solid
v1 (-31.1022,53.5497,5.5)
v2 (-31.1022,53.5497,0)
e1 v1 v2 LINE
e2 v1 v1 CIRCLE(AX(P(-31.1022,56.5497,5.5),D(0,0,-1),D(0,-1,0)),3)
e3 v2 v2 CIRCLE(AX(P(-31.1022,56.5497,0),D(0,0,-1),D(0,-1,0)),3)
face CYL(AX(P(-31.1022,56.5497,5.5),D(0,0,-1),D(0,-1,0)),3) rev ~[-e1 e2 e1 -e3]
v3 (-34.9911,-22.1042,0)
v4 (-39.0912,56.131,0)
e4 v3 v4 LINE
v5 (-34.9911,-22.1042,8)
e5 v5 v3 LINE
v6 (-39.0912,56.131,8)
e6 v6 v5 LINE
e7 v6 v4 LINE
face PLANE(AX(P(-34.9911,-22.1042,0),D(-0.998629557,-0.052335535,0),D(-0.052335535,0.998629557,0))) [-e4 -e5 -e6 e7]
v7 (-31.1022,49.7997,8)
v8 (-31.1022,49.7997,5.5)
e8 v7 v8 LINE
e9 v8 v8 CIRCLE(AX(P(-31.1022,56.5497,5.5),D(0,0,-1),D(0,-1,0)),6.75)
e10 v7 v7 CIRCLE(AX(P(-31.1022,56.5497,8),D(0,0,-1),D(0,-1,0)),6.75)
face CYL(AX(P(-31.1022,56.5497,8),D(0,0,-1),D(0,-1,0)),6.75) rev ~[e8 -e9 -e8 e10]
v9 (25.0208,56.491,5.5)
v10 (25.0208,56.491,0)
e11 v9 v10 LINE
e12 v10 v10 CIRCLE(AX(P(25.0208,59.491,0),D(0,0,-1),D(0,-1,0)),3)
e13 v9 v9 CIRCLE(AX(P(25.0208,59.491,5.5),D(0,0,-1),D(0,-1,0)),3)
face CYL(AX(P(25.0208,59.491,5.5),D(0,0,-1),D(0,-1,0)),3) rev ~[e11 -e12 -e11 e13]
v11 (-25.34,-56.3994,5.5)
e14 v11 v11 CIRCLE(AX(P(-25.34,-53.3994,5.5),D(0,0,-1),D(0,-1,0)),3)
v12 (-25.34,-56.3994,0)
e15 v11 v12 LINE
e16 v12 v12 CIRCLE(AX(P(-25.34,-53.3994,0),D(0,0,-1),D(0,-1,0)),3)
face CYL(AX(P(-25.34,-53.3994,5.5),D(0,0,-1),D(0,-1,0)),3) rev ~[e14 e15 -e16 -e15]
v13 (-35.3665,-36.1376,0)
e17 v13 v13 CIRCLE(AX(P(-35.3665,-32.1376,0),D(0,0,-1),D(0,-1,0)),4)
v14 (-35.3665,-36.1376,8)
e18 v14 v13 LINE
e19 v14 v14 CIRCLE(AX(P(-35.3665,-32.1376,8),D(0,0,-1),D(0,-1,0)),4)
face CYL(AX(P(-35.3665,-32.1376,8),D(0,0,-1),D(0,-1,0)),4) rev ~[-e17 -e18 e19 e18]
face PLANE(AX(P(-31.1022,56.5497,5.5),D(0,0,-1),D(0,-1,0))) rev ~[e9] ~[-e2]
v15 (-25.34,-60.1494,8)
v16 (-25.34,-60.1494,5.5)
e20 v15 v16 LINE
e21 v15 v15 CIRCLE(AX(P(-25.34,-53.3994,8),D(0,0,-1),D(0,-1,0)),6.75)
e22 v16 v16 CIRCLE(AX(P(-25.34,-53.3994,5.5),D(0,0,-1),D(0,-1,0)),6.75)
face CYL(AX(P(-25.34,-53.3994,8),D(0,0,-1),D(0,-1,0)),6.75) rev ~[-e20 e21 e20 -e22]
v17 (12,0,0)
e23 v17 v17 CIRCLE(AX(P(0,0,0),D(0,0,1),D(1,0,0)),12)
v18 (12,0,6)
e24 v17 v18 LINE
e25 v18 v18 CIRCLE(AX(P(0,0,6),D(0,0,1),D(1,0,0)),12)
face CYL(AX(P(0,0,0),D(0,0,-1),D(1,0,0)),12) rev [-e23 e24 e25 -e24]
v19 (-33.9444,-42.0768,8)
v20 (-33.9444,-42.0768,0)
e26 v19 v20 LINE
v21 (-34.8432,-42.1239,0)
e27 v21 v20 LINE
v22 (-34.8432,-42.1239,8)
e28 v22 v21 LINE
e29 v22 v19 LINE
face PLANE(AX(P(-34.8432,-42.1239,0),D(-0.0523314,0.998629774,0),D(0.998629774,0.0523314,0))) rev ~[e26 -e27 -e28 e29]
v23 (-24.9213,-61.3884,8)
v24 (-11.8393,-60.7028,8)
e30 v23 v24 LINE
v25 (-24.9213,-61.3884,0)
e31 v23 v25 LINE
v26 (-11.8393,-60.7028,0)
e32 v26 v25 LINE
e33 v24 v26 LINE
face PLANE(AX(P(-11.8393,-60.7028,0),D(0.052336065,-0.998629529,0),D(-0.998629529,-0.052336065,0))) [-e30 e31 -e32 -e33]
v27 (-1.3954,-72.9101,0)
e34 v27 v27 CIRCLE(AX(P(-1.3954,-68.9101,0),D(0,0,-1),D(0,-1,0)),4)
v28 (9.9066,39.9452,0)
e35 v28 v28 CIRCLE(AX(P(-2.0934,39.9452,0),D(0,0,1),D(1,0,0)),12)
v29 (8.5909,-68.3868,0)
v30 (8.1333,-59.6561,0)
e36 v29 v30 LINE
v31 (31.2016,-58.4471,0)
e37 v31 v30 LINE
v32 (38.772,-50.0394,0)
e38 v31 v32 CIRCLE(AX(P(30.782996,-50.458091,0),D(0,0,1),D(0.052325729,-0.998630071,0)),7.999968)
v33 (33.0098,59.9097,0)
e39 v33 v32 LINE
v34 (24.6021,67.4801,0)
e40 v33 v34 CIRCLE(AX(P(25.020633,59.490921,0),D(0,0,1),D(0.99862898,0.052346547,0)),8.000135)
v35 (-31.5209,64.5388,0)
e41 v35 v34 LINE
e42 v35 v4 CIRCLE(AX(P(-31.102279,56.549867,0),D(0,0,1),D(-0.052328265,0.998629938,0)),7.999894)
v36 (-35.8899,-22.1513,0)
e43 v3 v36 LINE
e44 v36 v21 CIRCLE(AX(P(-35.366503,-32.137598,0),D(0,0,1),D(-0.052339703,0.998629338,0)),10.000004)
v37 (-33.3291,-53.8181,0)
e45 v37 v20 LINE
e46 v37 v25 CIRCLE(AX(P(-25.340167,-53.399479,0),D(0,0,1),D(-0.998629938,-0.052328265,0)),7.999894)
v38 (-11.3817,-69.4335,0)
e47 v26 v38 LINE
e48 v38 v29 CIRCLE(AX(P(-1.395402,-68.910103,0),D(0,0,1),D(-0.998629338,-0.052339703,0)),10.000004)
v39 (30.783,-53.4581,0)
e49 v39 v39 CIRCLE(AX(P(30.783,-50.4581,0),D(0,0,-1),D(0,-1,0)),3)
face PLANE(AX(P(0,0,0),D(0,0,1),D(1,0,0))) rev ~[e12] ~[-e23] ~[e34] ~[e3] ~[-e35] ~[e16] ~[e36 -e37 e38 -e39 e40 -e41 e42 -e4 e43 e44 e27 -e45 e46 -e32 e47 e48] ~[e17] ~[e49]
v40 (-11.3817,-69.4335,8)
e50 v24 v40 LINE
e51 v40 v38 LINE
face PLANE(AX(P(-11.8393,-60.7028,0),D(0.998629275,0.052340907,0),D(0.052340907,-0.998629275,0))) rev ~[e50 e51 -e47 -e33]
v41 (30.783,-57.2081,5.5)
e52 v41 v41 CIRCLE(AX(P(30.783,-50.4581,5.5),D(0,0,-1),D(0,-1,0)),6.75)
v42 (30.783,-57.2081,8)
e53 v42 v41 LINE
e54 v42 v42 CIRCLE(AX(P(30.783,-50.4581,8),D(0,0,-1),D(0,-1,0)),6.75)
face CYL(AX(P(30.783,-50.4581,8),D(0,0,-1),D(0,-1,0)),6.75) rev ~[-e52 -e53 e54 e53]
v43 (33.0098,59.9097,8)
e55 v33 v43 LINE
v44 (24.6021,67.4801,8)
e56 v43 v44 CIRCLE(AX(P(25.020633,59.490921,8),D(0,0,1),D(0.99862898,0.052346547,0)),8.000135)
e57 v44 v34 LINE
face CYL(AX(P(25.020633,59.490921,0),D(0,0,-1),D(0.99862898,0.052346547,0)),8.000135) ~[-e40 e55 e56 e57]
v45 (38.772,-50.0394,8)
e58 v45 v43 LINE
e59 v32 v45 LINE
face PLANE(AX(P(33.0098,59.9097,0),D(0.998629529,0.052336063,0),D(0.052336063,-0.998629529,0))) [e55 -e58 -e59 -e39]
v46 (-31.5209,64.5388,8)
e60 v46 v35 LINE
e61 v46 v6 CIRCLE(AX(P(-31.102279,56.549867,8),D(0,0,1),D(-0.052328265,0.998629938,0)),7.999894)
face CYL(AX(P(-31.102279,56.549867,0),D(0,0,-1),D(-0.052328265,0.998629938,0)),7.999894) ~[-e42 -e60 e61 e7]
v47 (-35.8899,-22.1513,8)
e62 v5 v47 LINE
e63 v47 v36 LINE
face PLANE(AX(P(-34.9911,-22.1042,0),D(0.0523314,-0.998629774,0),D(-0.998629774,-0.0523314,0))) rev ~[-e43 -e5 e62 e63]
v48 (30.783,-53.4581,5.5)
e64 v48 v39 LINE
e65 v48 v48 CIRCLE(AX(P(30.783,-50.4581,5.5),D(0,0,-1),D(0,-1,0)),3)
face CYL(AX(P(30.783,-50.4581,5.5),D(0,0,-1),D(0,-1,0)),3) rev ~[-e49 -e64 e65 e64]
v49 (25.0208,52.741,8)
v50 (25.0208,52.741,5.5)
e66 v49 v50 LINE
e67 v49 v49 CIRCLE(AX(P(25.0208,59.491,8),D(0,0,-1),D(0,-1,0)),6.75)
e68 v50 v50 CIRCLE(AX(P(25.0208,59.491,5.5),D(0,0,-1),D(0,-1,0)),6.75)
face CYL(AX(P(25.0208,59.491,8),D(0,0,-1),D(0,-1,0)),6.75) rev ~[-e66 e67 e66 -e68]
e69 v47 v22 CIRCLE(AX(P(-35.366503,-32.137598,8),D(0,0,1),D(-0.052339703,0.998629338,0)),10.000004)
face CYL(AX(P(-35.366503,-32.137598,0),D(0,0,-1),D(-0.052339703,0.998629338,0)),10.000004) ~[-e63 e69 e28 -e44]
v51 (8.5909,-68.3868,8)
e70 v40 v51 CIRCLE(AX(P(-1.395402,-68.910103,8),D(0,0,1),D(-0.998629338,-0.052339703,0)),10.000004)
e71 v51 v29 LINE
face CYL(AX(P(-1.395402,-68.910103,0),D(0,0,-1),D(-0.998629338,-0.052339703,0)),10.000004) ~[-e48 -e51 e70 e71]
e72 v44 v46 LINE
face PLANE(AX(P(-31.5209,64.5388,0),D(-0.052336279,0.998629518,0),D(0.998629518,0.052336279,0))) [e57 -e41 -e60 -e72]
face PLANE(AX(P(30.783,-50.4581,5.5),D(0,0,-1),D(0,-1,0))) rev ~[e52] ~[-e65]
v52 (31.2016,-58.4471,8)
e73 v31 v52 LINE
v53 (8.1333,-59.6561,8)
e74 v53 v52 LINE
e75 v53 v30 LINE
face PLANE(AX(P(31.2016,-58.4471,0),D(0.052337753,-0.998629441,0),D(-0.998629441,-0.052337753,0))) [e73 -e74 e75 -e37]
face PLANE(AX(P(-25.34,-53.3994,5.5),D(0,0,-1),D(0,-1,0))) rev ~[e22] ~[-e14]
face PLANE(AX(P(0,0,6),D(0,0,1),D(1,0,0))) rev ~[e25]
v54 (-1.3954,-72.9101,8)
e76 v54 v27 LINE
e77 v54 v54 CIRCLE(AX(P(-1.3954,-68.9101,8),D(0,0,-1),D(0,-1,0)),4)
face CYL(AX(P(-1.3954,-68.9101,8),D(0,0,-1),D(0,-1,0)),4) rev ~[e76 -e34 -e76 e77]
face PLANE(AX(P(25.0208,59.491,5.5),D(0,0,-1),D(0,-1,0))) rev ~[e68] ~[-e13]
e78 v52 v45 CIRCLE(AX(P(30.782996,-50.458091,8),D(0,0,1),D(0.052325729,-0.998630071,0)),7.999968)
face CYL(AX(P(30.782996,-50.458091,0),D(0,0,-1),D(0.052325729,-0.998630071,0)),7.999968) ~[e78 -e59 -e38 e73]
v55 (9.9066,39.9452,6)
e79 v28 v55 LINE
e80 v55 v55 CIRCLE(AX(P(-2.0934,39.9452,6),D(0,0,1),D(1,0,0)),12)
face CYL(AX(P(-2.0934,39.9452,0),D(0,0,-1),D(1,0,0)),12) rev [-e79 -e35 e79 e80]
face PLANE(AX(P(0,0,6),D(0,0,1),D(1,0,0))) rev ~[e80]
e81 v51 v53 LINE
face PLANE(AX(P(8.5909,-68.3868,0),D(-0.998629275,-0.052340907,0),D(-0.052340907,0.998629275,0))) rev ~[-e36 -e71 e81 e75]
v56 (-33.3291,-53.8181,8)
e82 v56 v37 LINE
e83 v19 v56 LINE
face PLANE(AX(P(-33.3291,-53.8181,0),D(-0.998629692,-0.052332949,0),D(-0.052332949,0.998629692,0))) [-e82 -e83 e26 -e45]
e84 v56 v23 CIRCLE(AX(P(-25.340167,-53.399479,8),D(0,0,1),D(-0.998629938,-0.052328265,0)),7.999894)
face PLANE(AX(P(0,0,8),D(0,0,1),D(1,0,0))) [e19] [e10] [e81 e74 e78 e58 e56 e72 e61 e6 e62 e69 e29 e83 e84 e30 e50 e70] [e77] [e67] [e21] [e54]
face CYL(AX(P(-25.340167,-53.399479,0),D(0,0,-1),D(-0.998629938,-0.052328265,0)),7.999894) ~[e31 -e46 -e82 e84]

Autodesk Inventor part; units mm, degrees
ref_plane "YZ Plane" through (0, 0, 0) normal (1, 0, 0) x (0, 1, 0)
ref_plane "XZ Plane" through (0, 0, 0) normal (0, 1, 0) x (-1, 0, 0)
ref_plane "XY Plane" through (0, 0, 0) normal (0, 0, 1) x (1, 0, 0)
sketch "Эскиз1" plane through (0, 0, 0) normal (0, 0, 1) x (1, 0, 0)
  arc A0 (31.2016, -58.4471) -> (38.772, -50.0394) centre (30.783, -50.4581) ccw projected
  line L0 (31.2016, -58.4471) -> (8.1333, -59.6561) projected
  line L1 (33.0098, 59.9097) -> (38.772, -50.0394) projected
  arc A1 (33.0098, 59.9097) -> (24.6021, 67.4801) centre (25.0208, 59.491) ccw projected
  circle A2 centre (-2.0934, 39.9452) radius 12 projected
  circle A3 centre (0, 0) radius 12 projected
  line L2 (-34.9911, -22.1042) -> (-39.0912, 56.131) projected
  arc A4 (-35.8899, -22.1513) -> (-34.8432, -42.1239) centre (-35.3665, -32.1376) ccw projected
  line L3 (-34.9911, -22.1042) -> (-35.8899, -22.1513) projected
  line L4 (-34.8432, -42.1239) -> (-33.9444, -42.0768) projected
  line L5 (-33.3291, -53.8181) -> (-33.9444, -42.0768) projected
  arc A5 (-33.3291, -53.8181) -> (-24.9213, -61.3884) centre (-25.34, -53.3994) ccw projected
  line L6 (-11.8393, -60.7028) -> (-24.9213, -61.3884) projected
  arc A6 (-31.5209, 64.5388) -> (-39.0912, 56.131) centre (-31.1022, 56.5497) ccw projected
  line L7 (-31.5209, 64.5388) -> (24.6021, 67.4801) projected
  arc A7 (-11.3817, -69.4335) -> (8.5909, -68.3868) centre (-1.3954, -68.9101) ccw projected
  line L8 (-11.8393, -60.7028) -> (-11.3817, -69.4335) projected
  line L9 (8.5909, -68.3868) -> (8.1333, -59.6561) projected
  point P0 (24.6021, 67.4801)
  point P1 (26.2085, -58.7088)
extrude "Выдавливание1" add sketch "Эскиз1" along normal blind 6
sketch "Эскиз2" plane through (0, 0, 6) normal (0, 0, 1) x (1, 0, 0)
  line L0 (38.772, -50.0394) -> (33.0098, 59.9097) projected
  line L1 (8.1333, -59.6561) -> (31.2016, -58.4471) projected
  arc A0 (31.2016, -58.4471) -> (38.772, -50.0394) centre (30.783, -50.4581) ccw projected
  arc A1 (-33.3291, -53.8181) -> (-24.9213, -61.3884) centre (-25.34, -53.3994) ccw projected
  line L2 (-33.9444, -42.0768) -> (-33.3291, -53.8181) projected
  line L3 (-34.8432, -42.1239) -> (-33.9444, -42.0768) projected
  arc A2 (-35.8899, -22.1513) -> (-34.8432, -42.1239) centre (-35.3665, -32.1376) ccw projected
  line L4 (-39.0912, 56.131) -> (-34.9911, -22.1042) projected
  line L5 (-34.9911, -22.1042) -> (-35.8899, -22.1513) projected
  arc A3 (-31.5209, 64.5388) -> (-39.0912, 56.131) centre (-31.1022, 56.5497) ccw projected
  line L6 (24.6021, 67.4801) -> (-31.5209, 64.5388) projected
  arc A4 (33.0098, 59.9097) -> (24.6021, 67.4801) centre (25.0208, 59.491) ccw projected
  arc A5 (-11.3817, -69.4335) -> (8.5909, -68.3868) centre (-1.3954, -68.9101) ccw projected
  line L7 (-11.8393, -60.7028) -> (-11.3817, -69.4335) projected
  line L8 (-24.9213, -61.3884) -> (-11.8393, -60.7028) projected
  line L9 (8.5909, -68.3868) -> (8.1333, -59.6561) projected
  point P0 (0, 0)
extrude "Выдавливание2" add sketch "Эскиз2" along normal blind 2
sketch "Эскиз3" plane through (0, 0, 8) normal (0, 0, 1) x (1, 0, 0)
  circle A0 centre (25.0208, 59.491) radius 3 construction
  circle A1 centre (-31.1022, 56.5497) radius 3 construction
  circle A2 centre (30.783, -50.4581) radius 3 construction
  circle A3 centre (-25.34, -53.3994) radius 3 construction
  point P0 (0, 0)
hole "Отверстие1" at (-25.34, -53.3994, 8) at (30.783, -50.4581, 8) at (-31.1022, 56.5497, 8) at (25.0208, 59.491, 8) direction (0, 0, -1) diameter 6 end through all counterbore diameter 13.5 counterbore depth 2.5 clearance for "болты с шестигранной головкой / гайка ГОСТ 12876-67" size "M6" standard "ГОСТ"
sketch "Эскиз4" plane through (0, 0, 8) normal (0, 0, 1) x (1, 0, 0)
  circle A0 centre (-1.3954, -68.9101) radius 4 construction
  circle A1 centre (-35.3665, -32.1376) radius 4 construction
  point P0 (0, 0)
hole "Отверстие2" at (-1.3954, -68.9101, 8) at (-35.3665, -32.1376, 8) direction (0, 0, -1) diameter 8 end through all clearance for "с потайной головкой ГОСТ 12876-67" size "M8" standard "ГОСТ"
properties part number "Пластина 2"
